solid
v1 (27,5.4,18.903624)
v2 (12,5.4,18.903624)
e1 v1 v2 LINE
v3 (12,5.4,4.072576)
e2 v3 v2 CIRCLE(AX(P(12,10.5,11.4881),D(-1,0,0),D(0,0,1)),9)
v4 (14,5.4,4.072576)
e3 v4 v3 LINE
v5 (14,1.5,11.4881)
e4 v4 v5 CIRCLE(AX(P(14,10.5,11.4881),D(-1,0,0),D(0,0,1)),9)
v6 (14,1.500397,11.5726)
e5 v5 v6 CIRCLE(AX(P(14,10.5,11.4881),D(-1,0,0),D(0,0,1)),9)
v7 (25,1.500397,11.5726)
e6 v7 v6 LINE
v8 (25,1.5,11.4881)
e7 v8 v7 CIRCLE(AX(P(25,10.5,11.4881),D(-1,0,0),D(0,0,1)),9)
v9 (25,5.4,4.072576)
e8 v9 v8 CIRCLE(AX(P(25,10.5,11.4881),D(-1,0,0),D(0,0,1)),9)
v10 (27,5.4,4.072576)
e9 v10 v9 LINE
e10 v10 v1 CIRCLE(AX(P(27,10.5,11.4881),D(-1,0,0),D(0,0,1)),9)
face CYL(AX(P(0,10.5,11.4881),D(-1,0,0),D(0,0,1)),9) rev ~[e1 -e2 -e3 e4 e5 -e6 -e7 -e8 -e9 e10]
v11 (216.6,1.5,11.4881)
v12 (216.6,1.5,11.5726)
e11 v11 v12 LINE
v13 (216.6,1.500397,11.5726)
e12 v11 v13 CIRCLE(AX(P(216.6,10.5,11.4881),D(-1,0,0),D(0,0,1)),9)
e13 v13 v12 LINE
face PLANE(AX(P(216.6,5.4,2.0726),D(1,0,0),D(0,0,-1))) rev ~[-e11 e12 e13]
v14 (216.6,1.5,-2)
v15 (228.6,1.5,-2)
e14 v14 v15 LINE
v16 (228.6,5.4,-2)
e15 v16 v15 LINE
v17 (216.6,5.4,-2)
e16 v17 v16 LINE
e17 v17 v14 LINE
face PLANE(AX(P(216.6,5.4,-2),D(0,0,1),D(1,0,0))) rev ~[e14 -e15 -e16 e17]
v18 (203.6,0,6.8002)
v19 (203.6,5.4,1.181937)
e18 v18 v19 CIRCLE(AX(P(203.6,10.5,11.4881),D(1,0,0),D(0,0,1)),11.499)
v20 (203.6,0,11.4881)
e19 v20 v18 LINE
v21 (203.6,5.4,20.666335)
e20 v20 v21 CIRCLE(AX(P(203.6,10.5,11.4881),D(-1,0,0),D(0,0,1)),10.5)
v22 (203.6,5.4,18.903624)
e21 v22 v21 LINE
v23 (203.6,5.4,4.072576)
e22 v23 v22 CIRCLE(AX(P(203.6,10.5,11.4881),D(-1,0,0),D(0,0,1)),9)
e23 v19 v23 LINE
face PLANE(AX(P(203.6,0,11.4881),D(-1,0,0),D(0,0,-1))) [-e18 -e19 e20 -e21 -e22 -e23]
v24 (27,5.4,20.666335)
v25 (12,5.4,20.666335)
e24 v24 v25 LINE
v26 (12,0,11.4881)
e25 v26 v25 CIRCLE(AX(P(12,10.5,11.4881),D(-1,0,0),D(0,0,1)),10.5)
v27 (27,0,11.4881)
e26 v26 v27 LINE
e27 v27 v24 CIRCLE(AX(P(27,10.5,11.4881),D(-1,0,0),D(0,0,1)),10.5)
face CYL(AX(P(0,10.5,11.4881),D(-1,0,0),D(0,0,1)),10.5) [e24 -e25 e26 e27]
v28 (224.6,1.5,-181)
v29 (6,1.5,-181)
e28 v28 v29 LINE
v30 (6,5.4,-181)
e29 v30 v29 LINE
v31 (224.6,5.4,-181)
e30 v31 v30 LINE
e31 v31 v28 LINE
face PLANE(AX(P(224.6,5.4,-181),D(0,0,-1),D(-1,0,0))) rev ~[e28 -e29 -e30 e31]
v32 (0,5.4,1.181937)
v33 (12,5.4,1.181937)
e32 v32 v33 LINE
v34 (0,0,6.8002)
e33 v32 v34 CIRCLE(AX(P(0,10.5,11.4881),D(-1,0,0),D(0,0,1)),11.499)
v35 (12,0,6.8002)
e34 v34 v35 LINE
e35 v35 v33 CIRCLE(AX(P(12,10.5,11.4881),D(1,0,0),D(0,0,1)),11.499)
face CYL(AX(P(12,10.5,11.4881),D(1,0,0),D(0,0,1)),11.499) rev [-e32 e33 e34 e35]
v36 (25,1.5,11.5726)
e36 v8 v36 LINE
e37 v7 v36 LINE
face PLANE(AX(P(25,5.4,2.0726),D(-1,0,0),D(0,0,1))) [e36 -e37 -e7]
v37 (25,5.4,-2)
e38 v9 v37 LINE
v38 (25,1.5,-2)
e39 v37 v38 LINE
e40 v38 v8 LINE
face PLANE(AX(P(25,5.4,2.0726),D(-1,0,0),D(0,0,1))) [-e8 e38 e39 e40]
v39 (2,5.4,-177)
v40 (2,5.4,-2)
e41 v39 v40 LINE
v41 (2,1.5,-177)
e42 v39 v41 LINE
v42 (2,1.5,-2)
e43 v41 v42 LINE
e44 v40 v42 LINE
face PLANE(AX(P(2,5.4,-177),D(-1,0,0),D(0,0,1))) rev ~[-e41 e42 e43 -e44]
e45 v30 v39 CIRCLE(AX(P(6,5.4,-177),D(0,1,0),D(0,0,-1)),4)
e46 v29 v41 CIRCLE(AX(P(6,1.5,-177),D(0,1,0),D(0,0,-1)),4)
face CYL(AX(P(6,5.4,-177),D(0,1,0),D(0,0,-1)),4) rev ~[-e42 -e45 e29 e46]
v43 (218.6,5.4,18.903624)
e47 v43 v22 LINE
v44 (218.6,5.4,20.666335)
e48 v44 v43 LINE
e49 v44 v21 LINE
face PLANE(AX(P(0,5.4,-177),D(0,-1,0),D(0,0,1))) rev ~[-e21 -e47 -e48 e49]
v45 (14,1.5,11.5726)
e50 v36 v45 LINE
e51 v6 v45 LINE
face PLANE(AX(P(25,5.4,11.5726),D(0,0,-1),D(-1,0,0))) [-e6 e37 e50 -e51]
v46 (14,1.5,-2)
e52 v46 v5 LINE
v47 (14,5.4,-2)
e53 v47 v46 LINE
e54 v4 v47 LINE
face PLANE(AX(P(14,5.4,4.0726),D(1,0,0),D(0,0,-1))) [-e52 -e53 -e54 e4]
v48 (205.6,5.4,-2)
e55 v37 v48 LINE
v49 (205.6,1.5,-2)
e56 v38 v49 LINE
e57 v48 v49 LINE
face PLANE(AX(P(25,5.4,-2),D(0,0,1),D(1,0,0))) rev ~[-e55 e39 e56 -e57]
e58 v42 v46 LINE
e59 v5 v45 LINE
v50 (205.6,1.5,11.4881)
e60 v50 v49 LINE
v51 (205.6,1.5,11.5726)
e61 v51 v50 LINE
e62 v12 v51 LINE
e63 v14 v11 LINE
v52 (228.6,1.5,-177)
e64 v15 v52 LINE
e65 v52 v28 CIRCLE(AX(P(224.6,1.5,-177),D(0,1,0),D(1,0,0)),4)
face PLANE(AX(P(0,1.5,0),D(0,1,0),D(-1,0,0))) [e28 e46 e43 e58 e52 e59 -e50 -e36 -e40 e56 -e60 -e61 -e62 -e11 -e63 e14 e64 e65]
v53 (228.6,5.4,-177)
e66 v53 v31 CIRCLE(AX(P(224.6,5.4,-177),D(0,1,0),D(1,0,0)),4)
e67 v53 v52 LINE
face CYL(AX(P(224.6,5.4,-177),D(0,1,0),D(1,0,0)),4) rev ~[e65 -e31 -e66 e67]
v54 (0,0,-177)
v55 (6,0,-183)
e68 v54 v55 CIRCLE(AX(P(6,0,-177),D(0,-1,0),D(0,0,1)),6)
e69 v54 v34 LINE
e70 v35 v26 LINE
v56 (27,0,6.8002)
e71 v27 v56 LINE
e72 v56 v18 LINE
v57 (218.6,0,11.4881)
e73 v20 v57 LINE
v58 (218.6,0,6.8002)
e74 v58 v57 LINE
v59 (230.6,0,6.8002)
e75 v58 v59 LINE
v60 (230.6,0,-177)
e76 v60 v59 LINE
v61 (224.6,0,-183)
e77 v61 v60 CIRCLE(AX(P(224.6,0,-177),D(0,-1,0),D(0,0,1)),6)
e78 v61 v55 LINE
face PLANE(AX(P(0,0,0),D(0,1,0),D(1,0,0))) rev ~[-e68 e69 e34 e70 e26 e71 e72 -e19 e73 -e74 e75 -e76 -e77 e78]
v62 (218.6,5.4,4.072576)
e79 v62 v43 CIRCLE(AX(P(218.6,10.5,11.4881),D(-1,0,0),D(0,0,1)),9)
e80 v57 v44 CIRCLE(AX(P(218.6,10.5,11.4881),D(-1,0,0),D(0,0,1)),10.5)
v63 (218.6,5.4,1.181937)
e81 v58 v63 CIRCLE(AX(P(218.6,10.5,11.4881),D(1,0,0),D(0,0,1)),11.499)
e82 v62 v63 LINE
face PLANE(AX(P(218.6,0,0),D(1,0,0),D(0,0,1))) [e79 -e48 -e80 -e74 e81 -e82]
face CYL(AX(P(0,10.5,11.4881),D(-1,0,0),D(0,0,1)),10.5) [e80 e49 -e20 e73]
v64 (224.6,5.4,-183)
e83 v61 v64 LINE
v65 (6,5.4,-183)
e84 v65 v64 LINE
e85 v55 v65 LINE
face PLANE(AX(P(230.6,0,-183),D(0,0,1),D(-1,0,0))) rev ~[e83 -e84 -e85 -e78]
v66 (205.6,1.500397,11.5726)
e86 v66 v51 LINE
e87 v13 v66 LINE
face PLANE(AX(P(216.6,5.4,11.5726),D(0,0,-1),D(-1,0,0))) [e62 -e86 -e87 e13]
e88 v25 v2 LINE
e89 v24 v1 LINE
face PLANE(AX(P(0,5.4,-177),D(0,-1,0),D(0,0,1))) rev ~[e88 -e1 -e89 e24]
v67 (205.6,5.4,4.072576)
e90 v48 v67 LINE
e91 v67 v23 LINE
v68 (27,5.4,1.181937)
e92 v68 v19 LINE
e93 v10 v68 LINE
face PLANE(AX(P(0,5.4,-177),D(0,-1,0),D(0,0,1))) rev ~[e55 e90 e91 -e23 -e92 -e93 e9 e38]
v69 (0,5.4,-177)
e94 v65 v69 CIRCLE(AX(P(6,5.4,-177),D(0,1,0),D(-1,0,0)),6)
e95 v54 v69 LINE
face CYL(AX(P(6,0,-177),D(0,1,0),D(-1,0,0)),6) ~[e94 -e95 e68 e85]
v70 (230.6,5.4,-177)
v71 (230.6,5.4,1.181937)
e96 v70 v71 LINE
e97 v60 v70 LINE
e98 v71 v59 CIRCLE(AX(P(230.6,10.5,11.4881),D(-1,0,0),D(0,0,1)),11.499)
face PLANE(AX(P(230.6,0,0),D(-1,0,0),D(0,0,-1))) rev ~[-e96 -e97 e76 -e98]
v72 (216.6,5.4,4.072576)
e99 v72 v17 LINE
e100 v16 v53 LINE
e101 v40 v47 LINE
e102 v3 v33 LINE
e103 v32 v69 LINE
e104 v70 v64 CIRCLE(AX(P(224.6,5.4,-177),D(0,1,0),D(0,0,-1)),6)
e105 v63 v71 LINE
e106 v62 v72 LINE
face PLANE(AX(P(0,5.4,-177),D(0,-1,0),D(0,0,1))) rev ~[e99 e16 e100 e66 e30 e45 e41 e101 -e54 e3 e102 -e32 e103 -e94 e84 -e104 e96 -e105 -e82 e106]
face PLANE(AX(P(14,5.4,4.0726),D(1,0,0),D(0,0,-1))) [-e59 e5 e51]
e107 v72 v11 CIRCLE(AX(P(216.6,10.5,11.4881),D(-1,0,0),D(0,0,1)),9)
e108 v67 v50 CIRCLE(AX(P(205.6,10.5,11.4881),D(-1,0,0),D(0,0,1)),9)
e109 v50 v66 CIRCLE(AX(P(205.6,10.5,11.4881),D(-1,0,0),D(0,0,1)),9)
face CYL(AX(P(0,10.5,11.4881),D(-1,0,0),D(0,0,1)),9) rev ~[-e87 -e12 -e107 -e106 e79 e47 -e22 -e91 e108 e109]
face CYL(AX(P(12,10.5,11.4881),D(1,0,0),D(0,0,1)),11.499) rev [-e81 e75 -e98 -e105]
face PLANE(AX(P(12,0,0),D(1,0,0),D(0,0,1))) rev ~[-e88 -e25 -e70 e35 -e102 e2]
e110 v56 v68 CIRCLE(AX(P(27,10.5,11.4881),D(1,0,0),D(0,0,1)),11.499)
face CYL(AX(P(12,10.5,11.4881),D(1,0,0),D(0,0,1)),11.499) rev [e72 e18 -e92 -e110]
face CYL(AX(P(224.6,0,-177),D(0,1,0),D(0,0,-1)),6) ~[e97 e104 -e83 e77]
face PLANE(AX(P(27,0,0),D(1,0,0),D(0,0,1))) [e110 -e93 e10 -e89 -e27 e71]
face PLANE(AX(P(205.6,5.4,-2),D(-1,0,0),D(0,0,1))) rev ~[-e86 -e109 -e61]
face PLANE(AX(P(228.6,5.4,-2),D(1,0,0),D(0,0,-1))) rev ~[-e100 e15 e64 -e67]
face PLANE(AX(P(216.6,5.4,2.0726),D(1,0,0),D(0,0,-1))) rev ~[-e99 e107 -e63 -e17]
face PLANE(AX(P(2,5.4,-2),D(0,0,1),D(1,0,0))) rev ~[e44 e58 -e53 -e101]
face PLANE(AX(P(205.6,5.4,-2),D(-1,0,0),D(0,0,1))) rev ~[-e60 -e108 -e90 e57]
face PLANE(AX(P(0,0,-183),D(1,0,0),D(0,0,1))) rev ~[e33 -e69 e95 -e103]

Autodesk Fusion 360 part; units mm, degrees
sketch "Sketch1" plane through (0, 0, 0) normal (0, 1, 0) x (1, 0, 0)
  line L0 (0, 0) -> (230.6, 0)
  line L1 (230.6, 0) -> (230.6, 183)
  line L2 (230.6, 183) -> (0, 183)
  line L3 (0, 183) -> (0, 0)
  dimension "d1" = 230.6
  dimension "d2" = 183
extrude "Extrude1" add sketch "Sketch1" along normal blind 10
sketch "Sketch9" plane through (0, 0, 0) normal (-1, 0, 0) x (0, 0, 1)
  line L0 (-183, 0) -> (0, 0)
  line L1 (0, 0) -> (0, 10)
  line L2 (0, 10) -> (-183, 10)
  line L3 (-183, 10) -> (-183, 0)
  circle A0 centre (11.4881, 10.5) radius 10.5
  line L4 (11.4881, 0) -> (0, 0)
  circle A1 centre (11.4881, 10.5) radius 9
  line L5 (0, 0) -> (1, 0)
  line L6 (1, 0) -> (1, 10)
  line L7 (1, 10) -> (0, 10)
  line L8 (0, 10) -> (0, 0)
  dimension "d69" = 21
  dimension "d70" = 18
  dimension "d94" = 1
extrude "Extrude8" add sketch "Sketch9" against normal up to surface (230.6 mm away) contours L1 L4 L5 L6 L7 L8 | A0 L4 L6 | A0
sketch "Sketch10" plane through (0, 0, 0) normal (0, -1, 0) x (1, 0, 0)
  line L0 (230.6, -183) -> (230.6, 11.4881)
  line L1 (230.6, 11.4881) -> (0, 11.4881)
  line L2 (0, 11.4881) -> (0, -183)
  line L3 (230.6, 0) -> (218.6, 0)
  line L4 (218.6, 0) -> (218.6, 22)
  line L5 (218.6, 22) -> (230.6, 22)
  line L6 (230.6, 22) -> (230.6, 0)
  line L7 (203.6, 0) -> (27, 0)
  line L8 (27, 0) -> (27, 22)
  line L9 (27, 22) -> (203.6, 22)
  line L10 (203.6, 22) -> (203.6, 0)
  line L11 (0, 0) -> (12, 0)
  line L12 (12, 0) -> (12, 22)
  line L13 (12, 22) -> (0, 22)
  line L14 (0, 22) -> (0, 0)
  line L15 (0, -183) -> (230.6, -183)
  dimension "d73" = 22
  dimension "d74" = 12
  dimension "d75" = 12
  dimension "d76" = 15
  dimension "d77" = 15
extrude "Extrude9" cut sketch "Sketch10" against normal through all contours L0 L1 L3 L4 L6 | L1 L4 L5 L6 | L1 L2 L11 L12 L14 | L1 L12 L13 L14 | L1 L7 L8 L10 | L1 L8 L9 L10
sketch "Sketch11" plane through (0, 10, 0) normal (0, 1, 0) x (-1, 0, 0)
  line L0 (0, -183) -> (0, 0)
  line L1 (-1.8, -176) -> (-228.8, -176)
  line L2 (-228.8, -176) -> (-228.8, -1)
  line L3 (-228.8, -1) -> (-1.8, -1)
  line L4 (-1.8, -1) -> (-1.8, -176)
  line L5 (-115.3, -122.9084) -> (-115.3, -50) construction
  line L6 (-230.6, 0) -> (-230.6, -183)
  line L7 (-230.6, -183) -> (0, -183)
  line L8 (-12, 0) -> (-12, 1)
  line L9 (-12, 1) -> (-27, 1)
  line L10 (-27, 1) -> (-27, 0)
  line L11 (-27, 0) -> (-203.6, 0)
  line L12 (-203.6, 0) -> (-203.6, 1)
  line L13 (-203.6, 1) -> (-218.6, 1)
  line L14 (-218.6, 1) -> (-218.6, 0)
  line L15 (-218.6, 0) -> (-230.6, 0)
  line L16 (0, 0) -> (-12, 0)
  dimension "d79" = 227
  dimension "d80" = 175
extrude "Extrude10" cut sketch "Sketch11" against normal blind 2 contours L1 L2 L3 L4
sketch "Sketch12" plane through (0, 8, 0) normal (0, 1, 0) x (-1, 0, 0)
  line L0 (-1.8, -1) -> (-228.8, -1)
  line L1 (-1.8, -176) -> (-1.8, -1)
  line L2 (-6.95, -6.345) -> (-223.65, -6.345)
  line L3 (-223.65, -6.345) -> (-223.65, -181.345)
  line L4 (-223.65, -181.345) -> (-6.95, -181.345)
  line L5 (-6.95, -181.345) -> (-6.95, -6.345)
  line L6 (-10.47, -167.125) -> (-220.13, -167.125)
  line L7 (-220.13, -167.125) -> (-220.13, -9.875)
  line L8 (-220.13, -9.875) -> (-10.47, -9.875)
  line L9 (-10.47, -9.875) -> (-10.47, -167.125)
  line L10 (-85, -88.5) -> (-145, -88.5) construction
  line L11 (-115.3, -115.3819) -> (-115.3, -64.9996) construction
  line L12 (-228.8, -1) -> (-228.8, -176)
  line L13 (-228.8, -176) -> (-1.8, -176)
  dimension "d84" = 175
  dimension "d85" = 216.7
  dimension "d86" = 209.66
  dimension "d87" = 157.25
  dimension "d88" = 3.52
  dimension "d89" = 3.53
extrude "Extrude11" cut sketch "Sketch12" against normal blind 1 contours L2 L3 L5 L13 | L3 L4 L5 L13 | L6 L7 L8 L9
fillet "Fillet1" radius 6 2 edges at (0, 5, -183) (230.6, 5, -183)
sketch "Sketch15" plane through (12, 0, 0) normal (-1, 0, 0) x (0, 0, 1)
  line L0 (0, 10) -> (0, 0)
  line L1 (0, 0) -> (11.4881, 0)
  arc A0 (11.4881, 0) -> (1, 10) centre (11.4881, 10.5) ccw
  circle A1 centre (11.4881, 10.5) radius 11.499
  line L2 (0, 0) -> (6.8002, 0)
  line L3 (1, 10) -> (0, 10)
  circle A2 centre (11.4881, 10.5) radius 9
extrude "Extrude14" add sketch "Sketch15" along normal blind 12 and the other way blind 218.6 contours L0 L1 A1 L2
sketch "Sketch13" plane through (0, 0, 0) normal (-1, 0, 0) x (0, 0, 1)
  line L0 (-177, 10) -> (-177, 0)
  line L1 (-177, 0) -> (6.8002, 0)
  line L2 (0, 10) -> (-177, 10)
  line L3 (-183, 5.4) -> (22, 5.4)
  line L4 (22, 5.4) -> (22, 23.4)
  line L5 (22, 23.4) -> (-183, 23.4)
  line L6 (-183, 23.4) -> (-183, 5.4)
  arc A0 (0, 10) -> (6.8002, 0) centre (11.4881, 10.5) ccw
  dimension "d95" = 4.6
  dimension "d96" = 6
  dimension "d97" = 205
  dimension "d98" = 18
extrude "Extrude12" cut sketch "Sketch13" against normal through all contours L0 L2 L3 A0 | L0 L2 L3 L4 L5 L6 A0
sketch "Sketch14" plane through (0, 5.4, 0) normal (0, 1, 0) x (-1, 0, 0)
  arc A0 (-6, -183) -> (0, -177) centre (-6, -177) ccw
  line L0 (0, -177) -> (0, 1.182)
  line L1 (-12, 1.182) -> (-12, 4.0726)
  line L2 (-12, 4.0726) -> (-27, 4.0726)
  line L3 (-27, 4.0726) -> (-27, 1.182)
  line L4 (-203.6, 1.182) -> (-203.6, 4.0726)
  line L5 (-203.6, 4.0726) -> (-218.6, 4.0726)
  line L6 (-218.6, 4.0726) -> (-218.6, 1.182)
  line L7 (-230.6, 1.182) -> (-230.6, -177)
  arc A1 (-230.6, -177) -> (-224.6, -183) centre (-224.6, -177) ccw
  line L8 (-224.6, -183) -> (-6, -183)
  line L9 (-2, -177) -> (-2, -2)
  line L10 (-2, -2) -> (-14, -2)
  line L11 (-14, -2) -> (-14, 2.0726)
  line L12 (-14, 2.0726) -> (-25, 2.0726)
  line L13 (-25, 2.0726) -> (-25, -2)
  line L14 (-25, -2) -> (-205.6, -2)
  line L15 (-205.6, -2) -> (-205.6, 2.0726)
  line L16 (-205.6, 2.0726) -> (-216.6, 2.0726)
  line L17 (-216.6, 2.0726) -> (-216.6, -2)
  line L18 (-216.6, -2) -> (-228.6, -2)
  line L19 (-228.6, -2) -> (-228.6, -177)
  arc A2 (-228.6, -177) -> (-224.6, -181) centre (-224.6, -177) ccw
  line L20 (-224.6, -181) -> (-6, -181)
  arc A3 (-6, -181) -> (-2, -177) centre (-6, -177) ccw
  line L21 (-14, 2.0726) -> (-25, 2.0726)
  line L22 (-25, 2.0726) -> (-25, 11.5726)
  line L23 (-25, 11.5726) -> (-14, 11.5726)
  line L24 (-14, 11.5726) -> (-14, 2.0726)
  line L25 (-205.6, 2.0726) -> (-216.6, 2.0726)
  line L26 (-216.6, 2.0726) -> (-216.6, 11.5726)
  line L27 (-216.6, 11.5726) -> (-205.6, 11.5726)
  line L28 (-205.6, 11.5726) -> (-205.6, 2.0726)
  line L29 (-27, 1.182) -> (-203.6, 1.182)
  line L30 (-218.6, 1.182) -> (-230.6, 1.182)
  line L31 (0, 1.182) -> (-12, 1.182)
  dimension "d101" = 9.5
  dimension "d102" = 9.5
extrude "Extrude13" cut sketch "Sketch14" against normal blind 3.9 contours L2 L12 L21 L22 L24 | L2 L22 L23 L24 | L9 L10 L11 L12 L13 L14 L15 L16 L17 L18 L19 A2 L20 A3 L21 L25 | L5 L26 L27 L28 | L5 L16 L25 L26 L28
